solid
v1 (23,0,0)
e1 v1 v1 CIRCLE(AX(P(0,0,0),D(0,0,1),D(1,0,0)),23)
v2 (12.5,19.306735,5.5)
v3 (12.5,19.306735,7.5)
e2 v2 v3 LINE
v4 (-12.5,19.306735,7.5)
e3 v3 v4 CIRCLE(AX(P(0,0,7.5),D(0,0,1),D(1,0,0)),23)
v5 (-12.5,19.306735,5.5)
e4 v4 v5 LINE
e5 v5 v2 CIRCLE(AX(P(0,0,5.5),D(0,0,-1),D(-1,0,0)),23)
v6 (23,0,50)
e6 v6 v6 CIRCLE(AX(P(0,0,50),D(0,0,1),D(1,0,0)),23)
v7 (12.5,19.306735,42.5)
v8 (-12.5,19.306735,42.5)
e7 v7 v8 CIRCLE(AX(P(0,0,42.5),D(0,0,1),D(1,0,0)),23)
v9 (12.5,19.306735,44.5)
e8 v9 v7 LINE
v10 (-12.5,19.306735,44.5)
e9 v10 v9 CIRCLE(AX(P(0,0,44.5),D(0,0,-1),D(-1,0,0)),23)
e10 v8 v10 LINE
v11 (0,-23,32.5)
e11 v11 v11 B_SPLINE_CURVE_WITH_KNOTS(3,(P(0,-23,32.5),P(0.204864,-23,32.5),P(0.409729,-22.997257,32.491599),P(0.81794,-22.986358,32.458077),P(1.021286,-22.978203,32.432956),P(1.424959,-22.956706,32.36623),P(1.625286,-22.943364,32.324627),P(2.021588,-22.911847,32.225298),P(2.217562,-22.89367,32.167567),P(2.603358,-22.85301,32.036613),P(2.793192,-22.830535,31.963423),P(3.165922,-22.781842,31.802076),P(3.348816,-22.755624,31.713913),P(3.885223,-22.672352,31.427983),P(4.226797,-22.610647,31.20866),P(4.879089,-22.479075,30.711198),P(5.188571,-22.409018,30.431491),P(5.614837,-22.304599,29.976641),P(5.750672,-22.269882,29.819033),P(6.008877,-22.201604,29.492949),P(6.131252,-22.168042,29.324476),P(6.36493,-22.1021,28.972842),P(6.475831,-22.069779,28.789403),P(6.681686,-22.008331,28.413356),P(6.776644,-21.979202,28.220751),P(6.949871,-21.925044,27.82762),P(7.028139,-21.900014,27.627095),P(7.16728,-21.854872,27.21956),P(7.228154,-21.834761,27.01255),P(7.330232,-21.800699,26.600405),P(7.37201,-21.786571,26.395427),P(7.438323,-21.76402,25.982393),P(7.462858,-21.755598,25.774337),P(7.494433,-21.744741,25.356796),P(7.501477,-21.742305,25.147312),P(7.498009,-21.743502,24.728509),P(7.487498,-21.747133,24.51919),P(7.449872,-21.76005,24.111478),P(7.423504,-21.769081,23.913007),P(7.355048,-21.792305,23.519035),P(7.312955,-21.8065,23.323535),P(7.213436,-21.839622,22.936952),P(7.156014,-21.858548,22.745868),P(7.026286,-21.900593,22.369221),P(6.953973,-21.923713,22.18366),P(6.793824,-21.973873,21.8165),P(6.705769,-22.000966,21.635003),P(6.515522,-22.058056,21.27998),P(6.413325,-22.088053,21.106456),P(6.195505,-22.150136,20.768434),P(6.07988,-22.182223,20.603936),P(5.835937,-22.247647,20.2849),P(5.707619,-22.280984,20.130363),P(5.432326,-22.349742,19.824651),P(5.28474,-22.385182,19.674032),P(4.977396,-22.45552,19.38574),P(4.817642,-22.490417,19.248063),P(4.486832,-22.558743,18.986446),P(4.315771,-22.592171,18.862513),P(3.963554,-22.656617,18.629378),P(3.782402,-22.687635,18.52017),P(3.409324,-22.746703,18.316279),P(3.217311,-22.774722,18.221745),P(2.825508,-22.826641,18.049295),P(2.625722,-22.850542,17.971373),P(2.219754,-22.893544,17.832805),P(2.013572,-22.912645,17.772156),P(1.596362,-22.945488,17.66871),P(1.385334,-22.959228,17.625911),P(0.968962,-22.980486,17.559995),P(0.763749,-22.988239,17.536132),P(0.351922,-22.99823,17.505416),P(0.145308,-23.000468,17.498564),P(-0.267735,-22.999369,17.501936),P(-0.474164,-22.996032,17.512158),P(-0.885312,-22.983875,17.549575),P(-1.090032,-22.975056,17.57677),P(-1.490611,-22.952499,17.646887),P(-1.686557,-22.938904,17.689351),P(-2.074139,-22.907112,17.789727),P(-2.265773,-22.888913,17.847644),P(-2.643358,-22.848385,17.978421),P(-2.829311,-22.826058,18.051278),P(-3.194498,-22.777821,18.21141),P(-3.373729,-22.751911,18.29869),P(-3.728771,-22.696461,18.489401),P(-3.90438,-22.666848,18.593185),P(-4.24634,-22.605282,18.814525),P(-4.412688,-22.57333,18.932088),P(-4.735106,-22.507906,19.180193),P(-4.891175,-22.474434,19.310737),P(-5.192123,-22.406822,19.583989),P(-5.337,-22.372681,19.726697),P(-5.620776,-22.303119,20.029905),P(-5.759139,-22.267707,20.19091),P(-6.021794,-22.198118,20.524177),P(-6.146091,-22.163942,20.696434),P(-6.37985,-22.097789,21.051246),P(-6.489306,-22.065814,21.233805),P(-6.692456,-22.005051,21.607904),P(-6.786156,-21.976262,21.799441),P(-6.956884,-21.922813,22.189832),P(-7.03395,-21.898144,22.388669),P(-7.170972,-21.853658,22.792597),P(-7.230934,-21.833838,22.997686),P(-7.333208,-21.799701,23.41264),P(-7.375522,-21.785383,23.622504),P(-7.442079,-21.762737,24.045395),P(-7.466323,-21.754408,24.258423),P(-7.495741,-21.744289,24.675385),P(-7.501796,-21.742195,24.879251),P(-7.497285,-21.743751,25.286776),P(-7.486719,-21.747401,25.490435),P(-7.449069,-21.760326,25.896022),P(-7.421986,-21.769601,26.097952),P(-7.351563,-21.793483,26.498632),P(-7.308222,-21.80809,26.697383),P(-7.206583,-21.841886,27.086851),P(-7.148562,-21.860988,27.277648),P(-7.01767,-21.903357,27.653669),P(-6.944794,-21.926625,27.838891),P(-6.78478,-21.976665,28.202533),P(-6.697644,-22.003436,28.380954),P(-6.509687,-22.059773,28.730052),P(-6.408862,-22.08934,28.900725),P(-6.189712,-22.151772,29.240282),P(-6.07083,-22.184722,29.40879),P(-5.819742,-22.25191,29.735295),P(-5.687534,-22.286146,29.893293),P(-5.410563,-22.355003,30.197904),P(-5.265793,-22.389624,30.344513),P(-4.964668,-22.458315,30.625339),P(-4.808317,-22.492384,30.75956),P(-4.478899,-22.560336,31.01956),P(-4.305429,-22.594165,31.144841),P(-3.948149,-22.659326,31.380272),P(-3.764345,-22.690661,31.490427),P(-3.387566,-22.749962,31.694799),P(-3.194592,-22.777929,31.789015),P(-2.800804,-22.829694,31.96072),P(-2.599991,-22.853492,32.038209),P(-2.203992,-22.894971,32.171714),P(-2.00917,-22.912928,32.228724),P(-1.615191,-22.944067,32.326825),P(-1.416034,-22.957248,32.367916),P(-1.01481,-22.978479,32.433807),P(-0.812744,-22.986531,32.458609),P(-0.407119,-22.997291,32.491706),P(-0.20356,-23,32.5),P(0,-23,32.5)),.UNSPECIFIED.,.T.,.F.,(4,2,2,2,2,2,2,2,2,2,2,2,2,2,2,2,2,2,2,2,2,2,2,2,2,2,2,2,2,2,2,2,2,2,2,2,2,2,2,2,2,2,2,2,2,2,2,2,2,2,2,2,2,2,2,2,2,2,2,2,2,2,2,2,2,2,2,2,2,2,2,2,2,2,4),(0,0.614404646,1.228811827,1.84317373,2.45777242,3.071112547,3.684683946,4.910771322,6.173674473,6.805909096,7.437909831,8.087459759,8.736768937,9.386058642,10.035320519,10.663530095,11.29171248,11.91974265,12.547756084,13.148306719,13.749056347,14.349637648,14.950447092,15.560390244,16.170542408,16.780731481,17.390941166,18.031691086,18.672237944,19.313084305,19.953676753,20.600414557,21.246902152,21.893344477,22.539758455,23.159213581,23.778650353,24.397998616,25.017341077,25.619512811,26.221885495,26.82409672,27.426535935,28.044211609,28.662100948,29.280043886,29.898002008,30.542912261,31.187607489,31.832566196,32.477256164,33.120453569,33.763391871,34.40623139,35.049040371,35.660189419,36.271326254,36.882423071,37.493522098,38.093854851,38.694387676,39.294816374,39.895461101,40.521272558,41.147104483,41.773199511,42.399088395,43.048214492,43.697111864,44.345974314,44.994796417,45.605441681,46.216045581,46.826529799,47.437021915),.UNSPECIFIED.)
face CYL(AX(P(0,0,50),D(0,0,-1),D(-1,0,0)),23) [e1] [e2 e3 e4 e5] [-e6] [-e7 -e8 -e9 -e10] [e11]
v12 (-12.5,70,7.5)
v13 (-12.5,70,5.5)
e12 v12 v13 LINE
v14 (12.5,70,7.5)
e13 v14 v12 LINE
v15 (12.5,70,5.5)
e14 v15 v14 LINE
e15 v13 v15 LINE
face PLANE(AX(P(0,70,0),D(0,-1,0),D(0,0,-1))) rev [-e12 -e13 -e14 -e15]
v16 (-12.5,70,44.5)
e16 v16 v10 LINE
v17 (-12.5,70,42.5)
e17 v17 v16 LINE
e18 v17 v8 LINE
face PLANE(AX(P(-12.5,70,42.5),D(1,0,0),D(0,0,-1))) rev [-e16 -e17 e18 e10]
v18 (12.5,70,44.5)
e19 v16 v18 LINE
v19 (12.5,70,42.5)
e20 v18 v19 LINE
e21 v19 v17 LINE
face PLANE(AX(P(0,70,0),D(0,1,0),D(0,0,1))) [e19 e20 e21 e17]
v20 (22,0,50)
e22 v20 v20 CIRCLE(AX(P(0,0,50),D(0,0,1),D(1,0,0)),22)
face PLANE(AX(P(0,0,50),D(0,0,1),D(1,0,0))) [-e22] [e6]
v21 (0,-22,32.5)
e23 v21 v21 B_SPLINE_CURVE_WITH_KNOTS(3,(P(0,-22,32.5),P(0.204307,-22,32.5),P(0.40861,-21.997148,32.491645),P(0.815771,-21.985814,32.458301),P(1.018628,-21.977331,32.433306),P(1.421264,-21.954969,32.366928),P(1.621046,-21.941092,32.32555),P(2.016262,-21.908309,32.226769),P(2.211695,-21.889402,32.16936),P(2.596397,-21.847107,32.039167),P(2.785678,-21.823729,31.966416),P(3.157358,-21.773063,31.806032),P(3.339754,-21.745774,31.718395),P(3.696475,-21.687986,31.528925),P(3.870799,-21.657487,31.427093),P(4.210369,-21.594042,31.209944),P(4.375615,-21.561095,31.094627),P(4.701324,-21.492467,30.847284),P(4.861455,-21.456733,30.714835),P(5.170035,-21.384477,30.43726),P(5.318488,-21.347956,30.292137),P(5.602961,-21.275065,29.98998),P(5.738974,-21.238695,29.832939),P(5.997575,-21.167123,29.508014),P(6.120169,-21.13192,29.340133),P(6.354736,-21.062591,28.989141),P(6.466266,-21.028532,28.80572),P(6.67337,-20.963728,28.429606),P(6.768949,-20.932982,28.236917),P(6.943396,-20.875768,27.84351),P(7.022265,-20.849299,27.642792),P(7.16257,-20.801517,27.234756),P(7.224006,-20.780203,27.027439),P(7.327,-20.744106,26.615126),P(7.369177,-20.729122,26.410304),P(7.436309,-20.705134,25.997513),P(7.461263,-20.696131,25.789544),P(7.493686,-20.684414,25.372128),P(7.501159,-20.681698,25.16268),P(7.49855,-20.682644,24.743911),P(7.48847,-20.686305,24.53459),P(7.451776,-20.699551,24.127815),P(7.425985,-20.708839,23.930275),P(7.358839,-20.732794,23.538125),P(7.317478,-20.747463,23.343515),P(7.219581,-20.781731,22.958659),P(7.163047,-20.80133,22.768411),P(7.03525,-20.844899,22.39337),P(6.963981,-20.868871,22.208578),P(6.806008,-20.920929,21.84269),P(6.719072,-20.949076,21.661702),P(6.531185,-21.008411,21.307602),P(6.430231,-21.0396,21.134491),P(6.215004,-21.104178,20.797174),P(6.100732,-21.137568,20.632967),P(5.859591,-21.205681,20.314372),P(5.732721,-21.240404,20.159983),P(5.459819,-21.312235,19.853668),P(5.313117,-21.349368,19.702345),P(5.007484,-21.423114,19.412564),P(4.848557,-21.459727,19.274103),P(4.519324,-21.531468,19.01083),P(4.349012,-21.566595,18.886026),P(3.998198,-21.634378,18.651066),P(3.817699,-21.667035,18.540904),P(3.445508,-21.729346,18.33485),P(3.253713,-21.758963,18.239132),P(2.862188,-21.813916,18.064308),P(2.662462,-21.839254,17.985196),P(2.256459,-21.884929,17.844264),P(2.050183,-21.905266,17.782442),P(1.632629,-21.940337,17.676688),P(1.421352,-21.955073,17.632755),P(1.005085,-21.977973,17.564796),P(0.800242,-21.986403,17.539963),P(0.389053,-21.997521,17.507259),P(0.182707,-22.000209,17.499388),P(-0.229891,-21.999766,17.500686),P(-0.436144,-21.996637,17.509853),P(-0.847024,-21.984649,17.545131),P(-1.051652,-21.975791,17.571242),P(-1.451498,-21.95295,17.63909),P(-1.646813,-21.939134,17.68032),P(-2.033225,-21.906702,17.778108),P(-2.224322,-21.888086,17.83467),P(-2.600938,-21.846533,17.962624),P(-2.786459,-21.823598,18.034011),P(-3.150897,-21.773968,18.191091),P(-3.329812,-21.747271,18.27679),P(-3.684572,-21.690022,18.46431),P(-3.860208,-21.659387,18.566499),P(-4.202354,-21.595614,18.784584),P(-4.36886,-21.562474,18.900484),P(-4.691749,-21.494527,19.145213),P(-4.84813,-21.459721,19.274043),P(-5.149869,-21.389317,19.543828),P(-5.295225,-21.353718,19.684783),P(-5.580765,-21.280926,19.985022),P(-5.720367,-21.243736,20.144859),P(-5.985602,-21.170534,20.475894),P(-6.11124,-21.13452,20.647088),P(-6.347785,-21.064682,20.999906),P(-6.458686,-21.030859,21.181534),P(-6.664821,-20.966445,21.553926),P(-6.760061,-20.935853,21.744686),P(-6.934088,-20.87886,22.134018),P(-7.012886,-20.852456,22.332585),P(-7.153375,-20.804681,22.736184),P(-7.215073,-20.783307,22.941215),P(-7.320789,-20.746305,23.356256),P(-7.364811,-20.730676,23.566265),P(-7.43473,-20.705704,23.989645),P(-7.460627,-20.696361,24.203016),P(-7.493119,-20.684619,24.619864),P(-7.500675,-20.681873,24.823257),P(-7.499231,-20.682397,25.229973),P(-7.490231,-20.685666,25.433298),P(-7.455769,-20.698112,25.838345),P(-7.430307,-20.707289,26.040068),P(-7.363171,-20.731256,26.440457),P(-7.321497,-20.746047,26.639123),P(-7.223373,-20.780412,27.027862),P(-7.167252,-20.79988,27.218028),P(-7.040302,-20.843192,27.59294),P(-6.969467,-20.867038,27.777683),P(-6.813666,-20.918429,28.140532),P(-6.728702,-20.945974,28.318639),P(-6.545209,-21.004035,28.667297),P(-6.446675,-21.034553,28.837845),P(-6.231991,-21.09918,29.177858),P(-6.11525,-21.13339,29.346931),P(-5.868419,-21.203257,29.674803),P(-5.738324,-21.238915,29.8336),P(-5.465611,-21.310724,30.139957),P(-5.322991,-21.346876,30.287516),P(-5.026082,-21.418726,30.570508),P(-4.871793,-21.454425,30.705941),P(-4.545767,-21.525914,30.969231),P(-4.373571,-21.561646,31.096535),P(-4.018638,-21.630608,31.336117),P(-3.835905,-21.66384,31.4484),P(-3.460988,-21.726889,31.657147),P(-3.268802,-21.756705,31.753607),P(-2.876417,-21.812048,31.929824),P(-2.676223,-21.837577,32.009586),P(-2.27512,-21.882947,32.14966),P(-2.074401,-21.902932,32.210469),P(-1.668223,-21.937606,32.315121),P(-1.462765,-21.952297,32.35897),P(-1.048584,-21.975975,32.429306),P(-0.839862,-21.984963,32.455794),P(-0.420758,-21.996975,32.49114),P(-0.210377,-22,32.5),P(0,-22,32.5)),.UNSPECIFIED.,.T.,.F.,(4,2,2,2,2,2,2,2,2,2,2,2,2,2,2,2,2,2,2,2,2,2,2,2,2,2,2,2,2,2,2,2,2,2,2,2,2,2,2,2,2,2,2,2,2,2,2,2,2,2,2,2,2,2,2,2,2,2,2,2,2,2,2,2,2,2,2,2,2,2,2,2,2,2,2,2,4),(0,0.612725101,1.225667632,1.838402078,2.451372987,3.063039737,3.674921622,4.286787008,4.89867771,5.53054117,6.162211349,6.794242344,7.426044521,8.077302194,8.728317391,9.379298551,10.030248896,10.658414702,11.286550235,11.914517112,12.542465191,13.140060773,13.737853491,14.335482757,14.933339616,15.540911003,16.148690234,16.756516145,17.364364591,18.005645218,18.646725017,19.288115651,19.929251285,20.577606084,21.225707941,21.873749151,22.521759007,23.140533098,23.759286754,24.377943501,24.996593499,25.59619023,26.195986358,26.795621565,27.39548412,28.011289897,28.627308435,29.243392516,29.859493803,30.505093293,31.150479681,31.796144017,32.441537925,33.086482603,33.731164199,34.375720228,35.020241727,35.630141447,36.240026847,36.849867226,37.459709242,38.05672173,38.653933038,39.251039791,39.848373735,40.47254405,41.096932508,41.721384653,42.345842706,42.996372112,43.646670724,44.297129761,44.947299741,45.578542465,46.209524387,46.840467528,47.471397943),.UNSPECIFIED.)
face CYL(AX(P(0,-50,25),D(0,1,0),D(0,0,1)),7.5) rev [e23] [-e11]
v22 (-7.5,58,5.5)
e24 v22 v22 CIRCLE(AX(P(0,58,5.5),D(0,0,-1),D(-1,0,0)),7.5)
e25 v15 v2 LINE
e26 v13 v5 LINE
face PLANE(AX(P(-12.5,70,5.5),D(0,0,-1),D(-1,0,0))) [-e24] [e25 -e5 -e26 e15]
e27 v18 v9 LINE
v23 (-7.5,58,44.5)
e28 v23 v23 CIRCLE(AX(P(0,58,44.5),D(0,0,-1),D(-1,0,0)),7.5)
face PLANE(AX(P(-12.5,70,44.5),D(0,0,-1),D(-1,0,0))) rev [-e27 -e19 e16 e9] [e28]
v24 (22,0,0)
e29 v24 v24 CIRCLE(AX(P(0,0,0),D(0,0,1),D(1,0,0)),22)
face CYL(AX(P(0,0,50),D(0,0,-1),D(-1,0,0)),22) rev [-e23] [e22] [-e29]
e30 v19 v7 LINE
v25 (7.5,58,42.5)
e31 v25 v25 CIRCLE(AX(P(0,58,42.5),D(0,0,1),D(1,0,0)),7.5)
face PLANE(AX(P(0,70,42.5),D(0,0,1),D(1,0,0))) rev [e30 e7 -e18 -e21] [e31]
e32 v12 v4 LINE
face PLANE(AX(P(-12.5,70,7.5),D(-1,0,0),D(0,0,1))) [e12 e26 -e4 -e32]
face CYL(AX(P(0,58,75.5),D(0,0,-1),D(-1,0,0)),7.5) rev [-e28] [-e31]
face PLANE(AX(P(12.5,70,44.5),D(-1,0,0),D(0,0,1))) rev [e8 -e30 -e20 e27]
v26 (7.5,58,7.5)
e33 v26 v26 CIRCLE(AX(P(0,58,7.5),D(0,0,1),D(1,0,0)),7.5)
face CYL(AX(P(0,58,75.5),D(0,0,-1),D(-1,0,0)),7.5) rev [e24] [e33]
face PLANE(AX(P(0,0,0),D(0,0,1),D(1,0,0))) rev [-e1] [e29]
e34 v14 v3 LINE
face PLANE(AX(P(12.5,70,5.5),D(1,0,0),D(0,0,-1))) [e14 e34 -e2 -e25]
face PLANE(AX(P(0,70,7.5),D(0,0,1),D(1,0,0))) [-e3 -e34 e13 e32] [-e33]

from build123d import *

# Parameters (mm, degrees)
ESBO_O1_R                = 23
ESBO_O1_R_2              = 22
RESSALTO_EXTRUS_O1_DEPTH = 50
ESBO_O2_R                = 7.5
CORTE_EXTRUS_O1_DEPTH    = 50
RESSALTO_EXTRUS_O2_DEPTH = 70
ESBO_O4_R                = 22
CORTE_EXTRUS_O2_DEPTH    = 70
ESBO_O7_R                = 7.5
CORTE_EXTRUS_O4_DEPTH    = 70


with BuildPart() as part:
    # Esboço1 → Ressalto-extrusão1 (new body)
    with BuildSketch(Plane.XY):
        Circle(ESBO_O1_R)
        Circle(ESBO_O1_R_2, mode=Mode.SUBTRACT)
    extrude(amount=RESSALTO_EXTRUS_O1_DEPTH)

    # Esboço2 → Corte-extrusão1 (cut)
    with BuildSketch(Plane(origin=(0, 0, 0), x_dir=(1, 0, 0), z_dir=(0, 1, 0))):
        with Locations(Location((0, -25, 0), (0, 0, 270))):
            Circle(ESBO_O2_R)
    extrude(amount=-CORTE_EXTRUS_O1_DEPTH, mode=Mode.SUBTRACT)

    # Esboço3 → Ressalto-extrusão2 (add)
    with BuildSketch(Plane(origin=(0, 0, 0), x_dir=(1, 0, 0), z_dir=(0, 1, 0))):
        Polygon((0, -7.5), (-12.5, -7.5), (-12.5, -5.5), (12.5, -5.5), (12.5, -7.5), align=None)
        Polygon((0, -42.5), (-12.5, -42.5), (-12.5, -44.5), (12.5, -44.5), (12.5, -42.5), align=None)
    extrude(amount=RESSALTO_EXTRUS_O2_DEPTH)

    # Esboço4 → Corte-extrusão2 (cut)
    with BuildSketch(Plane(origin=(0, 0, 5.5), x_dir=(-1, 0, 0), z_dir=(0, 0, -1))):
        with Locations(Location((0, 0, 0), (0, 0, 180))):
            Circle(ESBO_O4_R)
    extrude(amount=-CORTE_EXTRUS_O2_DEPTH, mode=Mode.SUBTRACT)

    # Esboço7 → Corte-extrusão4 (cut)
    with BuildSketch(Plane(origin=(0, 0, 5.5), x_dir=(-1, 0, 0), z_dir=(0, 0, -1))):
        with Locations((0, 58)):
            Circle(ESBO_O7_R)
    extrude(amount=-CORTE_EXTRUS_O4_DEPTH, mode=Mode.SUBTRACT)


solid = part.part
